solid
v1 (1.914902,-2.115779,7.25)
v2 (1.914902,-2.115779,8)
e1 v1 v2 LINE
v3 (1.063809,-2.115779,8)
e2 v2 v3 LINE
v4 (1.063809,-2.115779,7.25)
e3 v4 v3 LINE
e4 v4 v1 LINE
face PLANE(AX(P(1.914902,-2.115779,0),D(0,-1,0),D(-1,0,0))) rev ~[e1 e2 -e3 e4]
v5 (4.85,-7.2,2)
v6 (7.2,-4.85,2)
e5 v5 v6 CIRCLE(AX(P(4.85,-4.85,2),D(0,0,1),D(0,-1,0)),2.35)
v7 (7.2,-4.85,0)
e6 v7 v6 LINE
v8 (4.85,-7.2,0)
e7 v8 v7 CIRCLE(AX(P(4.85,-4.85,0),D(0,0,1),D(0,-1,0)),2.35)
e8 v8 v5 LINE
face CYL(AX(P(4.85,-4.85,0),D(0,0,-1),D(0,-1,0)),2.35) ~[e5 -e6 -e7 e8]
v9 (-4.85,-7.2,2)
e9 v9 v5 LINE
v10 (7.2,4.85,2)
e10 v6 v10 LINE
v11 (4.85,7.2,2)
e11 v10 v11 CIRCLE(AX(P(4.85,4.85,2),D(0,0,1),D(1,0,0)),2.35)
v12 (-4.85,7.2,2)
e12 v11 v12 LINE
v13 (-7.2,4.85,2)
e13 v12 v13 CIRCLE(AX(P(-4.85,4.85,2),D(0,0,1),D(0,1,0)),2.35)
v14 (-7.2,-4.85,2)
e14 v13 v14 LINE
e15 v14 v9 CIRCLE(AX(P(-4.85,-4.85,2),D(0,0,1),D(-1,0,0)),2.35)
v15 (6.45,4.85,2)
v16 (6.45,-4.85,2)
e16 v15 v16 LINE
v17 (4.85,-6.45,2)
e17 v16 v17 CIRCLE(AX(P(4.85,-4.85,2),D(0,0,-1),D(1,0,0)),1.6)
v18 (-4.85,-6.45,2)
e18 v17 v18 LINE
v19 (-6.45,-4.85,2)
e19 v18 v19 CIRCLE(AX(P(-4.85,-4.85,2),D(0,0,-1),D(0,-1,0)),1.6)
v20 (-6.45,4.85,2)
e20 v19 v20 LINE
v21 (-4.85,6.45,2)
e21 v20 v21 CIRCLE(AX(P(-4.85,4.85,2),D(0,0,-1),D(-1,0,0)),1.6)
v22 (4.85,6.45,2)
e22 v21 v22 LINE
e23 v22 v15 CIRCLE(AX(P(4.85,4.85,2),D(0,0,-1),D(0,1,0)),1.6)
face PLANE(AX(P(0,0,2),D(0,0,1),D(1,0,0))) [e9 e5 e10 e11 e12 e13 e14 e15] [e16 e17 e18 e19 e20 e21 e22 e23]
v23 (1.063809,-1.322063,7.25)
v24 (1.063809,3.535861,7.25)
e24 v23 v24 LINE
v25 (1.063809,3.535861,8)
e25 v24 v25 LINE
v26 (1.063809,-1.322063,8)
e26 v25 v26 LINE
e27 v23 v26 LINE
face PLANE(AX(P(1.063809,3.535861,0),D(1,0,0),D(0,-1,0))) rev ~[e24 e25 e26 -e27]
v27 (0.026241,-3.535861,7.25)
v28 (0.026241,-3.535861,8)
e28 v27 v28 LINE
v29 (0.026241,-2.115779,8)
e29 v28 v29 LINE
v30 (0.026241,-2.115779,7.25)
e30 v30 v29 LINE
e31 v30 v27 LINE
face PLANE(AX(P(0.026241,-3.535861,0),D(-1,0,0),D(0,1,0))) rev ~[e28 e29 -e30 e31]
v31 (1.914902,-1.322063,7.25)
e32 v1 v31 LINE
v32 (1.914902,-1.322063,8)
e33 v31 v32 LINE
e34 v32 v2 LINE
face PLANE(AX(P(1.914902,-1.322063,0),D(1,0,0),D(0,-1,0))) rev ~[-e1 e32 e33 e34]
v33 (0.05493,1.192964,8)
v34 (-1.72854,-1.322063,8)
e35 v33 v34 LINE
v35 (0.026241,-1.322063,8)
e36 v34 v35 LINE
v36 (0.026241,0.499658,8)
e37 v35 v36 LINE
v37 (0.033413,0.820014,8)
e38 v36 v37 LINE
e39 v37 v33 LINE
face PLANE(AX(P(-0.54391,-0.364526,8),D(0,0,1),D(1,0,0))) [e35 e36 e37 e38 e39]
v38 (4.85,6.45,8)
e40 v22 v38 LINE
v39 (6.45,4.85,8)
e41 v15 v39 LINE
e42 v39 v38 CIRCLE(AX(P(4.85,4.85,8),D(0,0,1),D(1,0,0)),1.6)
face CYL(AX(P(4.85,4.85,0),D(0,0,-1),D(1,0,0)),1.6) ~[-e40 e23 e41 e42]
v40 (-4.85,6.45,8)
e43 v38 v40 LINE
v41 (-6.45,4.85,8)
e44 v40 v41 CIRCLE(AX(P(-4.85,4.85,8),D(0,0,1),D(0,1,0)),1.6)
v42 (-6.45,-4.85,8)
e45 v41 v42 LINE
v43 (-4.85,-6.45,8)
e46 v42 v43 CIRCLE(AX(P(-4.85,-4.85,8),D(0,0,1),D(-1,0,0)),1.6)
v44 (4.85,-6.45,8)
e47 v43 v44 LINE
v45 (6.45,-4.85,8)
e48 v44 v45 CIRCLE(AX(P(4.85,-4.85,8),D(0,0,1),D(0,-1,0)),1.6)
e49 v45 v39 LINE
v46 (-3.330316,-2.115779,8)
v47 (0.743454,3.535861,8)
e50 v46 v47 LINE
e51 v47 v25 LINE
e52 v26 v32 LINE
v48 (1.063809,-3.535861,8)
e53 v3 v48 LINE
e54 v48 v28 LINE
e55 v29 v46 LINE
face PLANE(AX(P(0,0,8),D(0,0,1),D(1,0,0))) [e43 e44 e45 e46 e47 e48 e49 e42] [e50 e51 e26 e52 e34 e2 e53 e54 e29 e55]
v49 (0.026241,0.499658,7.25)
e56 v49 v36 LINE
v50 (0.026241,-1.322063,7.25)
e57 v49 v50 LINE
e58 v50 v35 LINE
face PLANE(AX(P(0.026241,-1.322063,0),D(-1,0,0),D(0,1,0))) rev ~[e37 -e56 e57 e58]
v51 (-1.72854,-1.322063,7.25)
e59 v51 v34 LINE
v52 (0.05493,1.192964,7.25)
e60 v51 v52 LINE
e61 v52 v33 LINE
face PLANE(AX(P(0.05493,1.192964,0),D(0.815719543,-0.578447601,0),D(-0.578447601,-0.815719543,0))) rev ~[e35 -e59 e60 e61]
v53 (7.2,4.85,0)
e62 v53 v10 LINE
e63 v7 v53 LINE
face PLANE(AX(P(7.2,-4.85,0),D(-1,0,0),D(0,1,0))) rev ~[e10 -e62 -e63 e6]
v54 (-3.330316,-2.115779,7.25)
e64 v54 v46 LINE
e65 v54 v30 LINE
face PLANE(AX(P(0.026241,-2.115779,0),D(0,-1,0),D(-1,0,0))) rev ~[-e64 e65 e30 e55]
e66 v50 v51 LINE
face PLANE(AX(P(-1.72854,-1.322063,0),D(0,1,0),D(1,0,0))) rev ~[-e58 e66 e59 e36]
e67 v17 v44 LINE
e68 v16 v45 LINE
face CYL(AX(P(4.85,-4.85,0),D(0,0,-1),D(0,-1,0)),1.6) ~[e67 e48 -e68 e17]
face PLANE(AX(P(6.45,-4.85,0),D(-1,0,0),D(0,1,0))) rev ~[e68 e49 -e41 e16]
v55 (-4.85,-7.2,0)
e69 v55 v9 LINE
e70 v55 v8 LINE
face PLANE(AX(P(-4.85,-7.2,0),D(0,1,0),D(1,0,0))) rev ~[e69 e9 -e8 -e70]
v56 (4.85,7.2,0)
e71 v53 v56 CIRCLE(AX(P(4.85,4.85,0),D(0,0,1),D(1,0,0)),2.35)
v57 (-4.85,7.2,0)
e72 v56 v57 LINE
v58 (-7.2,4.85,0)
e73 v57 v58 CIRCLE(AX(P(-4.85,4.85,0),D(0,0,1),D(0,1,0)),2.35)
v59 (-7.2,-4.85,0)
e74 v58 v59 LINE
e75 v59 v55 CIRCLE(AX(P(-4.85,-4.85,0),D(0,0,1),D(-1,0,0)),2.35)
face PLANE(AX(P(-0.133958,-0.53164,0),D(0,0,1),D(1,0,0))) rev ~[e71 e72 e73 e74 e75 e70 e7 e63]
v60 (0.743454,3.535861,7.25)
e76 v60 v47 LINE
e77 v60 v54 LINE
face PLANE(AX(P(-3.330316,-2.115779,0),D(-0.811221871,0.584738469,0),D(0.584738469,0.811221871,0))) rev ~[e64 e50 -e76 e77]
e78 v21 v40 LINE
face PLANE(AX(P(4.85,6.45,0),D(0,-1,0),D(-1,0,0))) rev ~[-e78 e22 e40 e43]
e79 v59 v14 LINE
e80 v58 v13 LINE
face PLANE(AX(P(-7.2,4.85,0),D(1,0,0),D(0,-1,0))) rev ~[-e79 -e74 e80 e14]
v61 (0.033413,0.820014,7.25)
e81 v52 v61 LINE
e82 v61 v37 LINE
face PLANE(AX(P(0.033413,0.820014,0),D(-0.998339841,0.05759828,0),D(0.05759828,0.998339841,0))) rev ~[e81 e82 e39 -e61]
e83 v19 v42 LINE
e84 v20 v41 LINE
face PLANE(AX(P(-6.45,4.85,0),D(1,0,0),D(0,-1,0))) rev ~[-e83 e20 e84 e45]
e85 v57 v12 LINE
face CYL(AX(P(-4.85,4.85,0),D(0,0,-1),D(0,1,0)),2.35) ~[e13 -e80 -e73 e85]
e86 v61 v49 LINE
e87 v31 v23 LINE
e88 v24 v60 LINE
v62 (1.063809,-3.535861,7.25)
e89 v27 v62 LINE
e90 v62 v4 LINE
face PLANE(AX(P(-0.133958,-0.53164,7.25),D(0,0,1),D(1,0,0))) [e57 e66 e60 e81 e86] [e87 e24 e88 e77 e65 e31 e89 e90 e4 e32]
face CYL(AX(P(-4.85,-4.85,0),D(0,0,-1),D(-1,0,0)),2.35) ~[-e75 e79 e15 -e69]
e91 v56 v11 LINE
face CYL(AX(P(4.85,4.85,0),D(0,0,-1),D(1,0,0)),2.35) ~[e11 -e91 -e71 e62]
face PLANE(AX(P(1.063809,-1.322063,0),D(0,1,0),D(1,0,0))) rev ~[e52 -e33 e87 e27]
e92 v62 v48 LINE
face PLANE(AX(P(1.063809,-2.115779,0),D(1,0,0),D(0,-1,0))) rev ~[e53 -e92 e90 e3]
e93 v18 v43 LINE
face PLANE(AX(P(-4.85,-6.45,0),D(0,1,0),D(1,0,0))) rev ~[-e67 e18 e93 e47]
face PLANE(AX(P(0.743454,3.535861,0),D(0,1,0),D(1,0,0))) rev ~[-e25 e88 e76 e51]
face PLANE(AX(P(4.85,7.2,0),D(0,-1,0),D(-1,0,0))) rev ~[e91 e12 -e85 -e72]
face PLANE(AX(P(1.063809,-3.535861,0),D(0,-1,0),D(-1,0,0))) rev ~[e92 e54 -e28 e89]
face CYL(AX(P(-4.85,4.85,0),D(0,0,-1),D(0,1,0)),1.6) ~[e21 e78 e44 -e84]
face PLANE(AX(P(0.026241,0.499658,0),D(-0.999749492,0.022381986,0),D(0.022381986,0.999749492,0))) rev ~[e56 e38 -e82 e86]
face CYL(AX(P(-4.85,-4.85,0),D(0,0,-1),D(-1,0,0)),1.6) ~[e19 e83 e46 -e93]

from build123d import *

# Parameters (mm, degrees)
F1_DEPTH = 2
F2_DEPTH = 8
F3_DEPTH = 8
F4_DEPTH = 7.25


with BuildPart() as f1:
    # F0 (on Top) → F1 (new body)
    with BuildSketch(Plane.XY):
        with BuildLine():
            Line((4.85, 7.2), (-4.85, 7.2))
            ThreePointArc((-4.85, 7.2), (-6.5117009358, 6.5117009358), (-7.2, 4.85))
            Line((-7.2, 4.85), (-7.2, -4.85))
            ThreePointArc((-7.2, -4.85), (-6.5117009358, -6.5117009358), (-4.85, -7.2))
            Line((-4.85, -7.2), (4.85, -7.2))
            ThreePointArc((4.85, -7.2), (6.5117009358, -6.5117009358), (7.2, -4.85))
            Line((7.2, -4.85), (7.2, 4.85))
            ThreePointArc((7.2, 4.85), (6.5117009358, 6.5117009358), (4.85, 7.2))
        make_face()
        with BuildLine():
            ThreePointArc((6.45, -4.85), (5.9813708499, -5.9813708499), (4.85, -6.45))
            Line((4.85, -6.45), (-4.85, -6.45))
            ThreePointArc((-4.85, -6.45), (-5.9813708499, -5.9813708499), (-6.45, -4.85))
            Line((-6.45, -4.85), (-6.45, 4.85))
            ThreePointArc((-6.45, 4.85), (-5.9813708499, 5.9813708499), (-4.85, 6.45))
            Line((-4.85, 6.45), (4.85, 6.45))
            ThreePointArc((4.85, 6.45), (5.9813708499, 5.9813708499), (6.45, 4.85))
            Line((6.45, 4.85), (6.45, -4.85))
        make_face(mode=Mode.SUBTRACT)
    extrude(amount=F1_DEPTH)

    # F0 (on Top) → F2 (join)
    with BuildSketch(Plane.XY):
        with BuildLine():
            Line((-4.85, -6.45), (4.85, -6.45))
            ThreePointArc((4.85, -6.45), (5.9813708499, -5.9813708499), (6.45, -4.85))
            Line((6.45, -4.85), (6.45, 4.85))
            ThreePointArc((6.45, 4.85), (5.9813708499, 5.9813708499), (4.85, 6.45))
            Line((4.85, 6.45), (-4.85, 6.45))
            ThreePointArc((-4.85, 6.45), (-5.9813708499, 5.9813708499), (-6.45, 4.85))
            Line((-6.45, 4.85), (-6.45, -4.85))
            ThreePointArc((-6.45, -4.85), (-5.9813708499, -5.9813708499), (-4.85, -6.45))
        make_face()
        Polygon((1.063809, -3.535861), (0.026241, -3.535861), (0.026241, -2.115779), (-3.330316, -2.115779), (0.743454, 3.535861), (1.063809, 3.535861), (1.063809, -1.322063), (1.914902, -1.322063), (1.914902, -2.115779), (1.063809, -2.115779), align=None, mode=Mode.SUBTRACT)
    extrude(amount=F2_DEPTH)



with BuildPart() as f3:
    # F0 (on Top) → F3 (new body)
    with BuildSketch(Plane.XY):
        Polygon((0.033413, 0.820014), (0.05493, 1.192964), (-1.72854, -1.322063), (0.026241, -1.322063), (0.026241, 0.499658), align=None)
    extrude(amount=F3_DEPTH)


with BuildPart() as f1_1:
    add(f1.part)

    add(f3.part)  # F4 merges F3
    # F0 (on Top) → F4 (join)
    with BuildSketch(Plane.XY):
        Polygon((0.026241, -2.115779), (0.026241, -3.535861), (1.063809, -3.535861), (1.063809, -2.115779), (1.914902, -2.115779), (1.914902, -1.322063), (1.063809, -1.322063), (1.063809, 3.535861), (0.743454, 3.535861), (-3.330316, -2.115779), align=None)
        Polygon((-1.72854, -1.322063), (0.05493, 1.192964), (0.033413, 0.820014), (0.026241, 0.499658), (0.026241, -1.322063), align=None, mode=Mode.SUBTRACT)
    extrude(amount=F4_DEPTH)


solid = f1_1.part
